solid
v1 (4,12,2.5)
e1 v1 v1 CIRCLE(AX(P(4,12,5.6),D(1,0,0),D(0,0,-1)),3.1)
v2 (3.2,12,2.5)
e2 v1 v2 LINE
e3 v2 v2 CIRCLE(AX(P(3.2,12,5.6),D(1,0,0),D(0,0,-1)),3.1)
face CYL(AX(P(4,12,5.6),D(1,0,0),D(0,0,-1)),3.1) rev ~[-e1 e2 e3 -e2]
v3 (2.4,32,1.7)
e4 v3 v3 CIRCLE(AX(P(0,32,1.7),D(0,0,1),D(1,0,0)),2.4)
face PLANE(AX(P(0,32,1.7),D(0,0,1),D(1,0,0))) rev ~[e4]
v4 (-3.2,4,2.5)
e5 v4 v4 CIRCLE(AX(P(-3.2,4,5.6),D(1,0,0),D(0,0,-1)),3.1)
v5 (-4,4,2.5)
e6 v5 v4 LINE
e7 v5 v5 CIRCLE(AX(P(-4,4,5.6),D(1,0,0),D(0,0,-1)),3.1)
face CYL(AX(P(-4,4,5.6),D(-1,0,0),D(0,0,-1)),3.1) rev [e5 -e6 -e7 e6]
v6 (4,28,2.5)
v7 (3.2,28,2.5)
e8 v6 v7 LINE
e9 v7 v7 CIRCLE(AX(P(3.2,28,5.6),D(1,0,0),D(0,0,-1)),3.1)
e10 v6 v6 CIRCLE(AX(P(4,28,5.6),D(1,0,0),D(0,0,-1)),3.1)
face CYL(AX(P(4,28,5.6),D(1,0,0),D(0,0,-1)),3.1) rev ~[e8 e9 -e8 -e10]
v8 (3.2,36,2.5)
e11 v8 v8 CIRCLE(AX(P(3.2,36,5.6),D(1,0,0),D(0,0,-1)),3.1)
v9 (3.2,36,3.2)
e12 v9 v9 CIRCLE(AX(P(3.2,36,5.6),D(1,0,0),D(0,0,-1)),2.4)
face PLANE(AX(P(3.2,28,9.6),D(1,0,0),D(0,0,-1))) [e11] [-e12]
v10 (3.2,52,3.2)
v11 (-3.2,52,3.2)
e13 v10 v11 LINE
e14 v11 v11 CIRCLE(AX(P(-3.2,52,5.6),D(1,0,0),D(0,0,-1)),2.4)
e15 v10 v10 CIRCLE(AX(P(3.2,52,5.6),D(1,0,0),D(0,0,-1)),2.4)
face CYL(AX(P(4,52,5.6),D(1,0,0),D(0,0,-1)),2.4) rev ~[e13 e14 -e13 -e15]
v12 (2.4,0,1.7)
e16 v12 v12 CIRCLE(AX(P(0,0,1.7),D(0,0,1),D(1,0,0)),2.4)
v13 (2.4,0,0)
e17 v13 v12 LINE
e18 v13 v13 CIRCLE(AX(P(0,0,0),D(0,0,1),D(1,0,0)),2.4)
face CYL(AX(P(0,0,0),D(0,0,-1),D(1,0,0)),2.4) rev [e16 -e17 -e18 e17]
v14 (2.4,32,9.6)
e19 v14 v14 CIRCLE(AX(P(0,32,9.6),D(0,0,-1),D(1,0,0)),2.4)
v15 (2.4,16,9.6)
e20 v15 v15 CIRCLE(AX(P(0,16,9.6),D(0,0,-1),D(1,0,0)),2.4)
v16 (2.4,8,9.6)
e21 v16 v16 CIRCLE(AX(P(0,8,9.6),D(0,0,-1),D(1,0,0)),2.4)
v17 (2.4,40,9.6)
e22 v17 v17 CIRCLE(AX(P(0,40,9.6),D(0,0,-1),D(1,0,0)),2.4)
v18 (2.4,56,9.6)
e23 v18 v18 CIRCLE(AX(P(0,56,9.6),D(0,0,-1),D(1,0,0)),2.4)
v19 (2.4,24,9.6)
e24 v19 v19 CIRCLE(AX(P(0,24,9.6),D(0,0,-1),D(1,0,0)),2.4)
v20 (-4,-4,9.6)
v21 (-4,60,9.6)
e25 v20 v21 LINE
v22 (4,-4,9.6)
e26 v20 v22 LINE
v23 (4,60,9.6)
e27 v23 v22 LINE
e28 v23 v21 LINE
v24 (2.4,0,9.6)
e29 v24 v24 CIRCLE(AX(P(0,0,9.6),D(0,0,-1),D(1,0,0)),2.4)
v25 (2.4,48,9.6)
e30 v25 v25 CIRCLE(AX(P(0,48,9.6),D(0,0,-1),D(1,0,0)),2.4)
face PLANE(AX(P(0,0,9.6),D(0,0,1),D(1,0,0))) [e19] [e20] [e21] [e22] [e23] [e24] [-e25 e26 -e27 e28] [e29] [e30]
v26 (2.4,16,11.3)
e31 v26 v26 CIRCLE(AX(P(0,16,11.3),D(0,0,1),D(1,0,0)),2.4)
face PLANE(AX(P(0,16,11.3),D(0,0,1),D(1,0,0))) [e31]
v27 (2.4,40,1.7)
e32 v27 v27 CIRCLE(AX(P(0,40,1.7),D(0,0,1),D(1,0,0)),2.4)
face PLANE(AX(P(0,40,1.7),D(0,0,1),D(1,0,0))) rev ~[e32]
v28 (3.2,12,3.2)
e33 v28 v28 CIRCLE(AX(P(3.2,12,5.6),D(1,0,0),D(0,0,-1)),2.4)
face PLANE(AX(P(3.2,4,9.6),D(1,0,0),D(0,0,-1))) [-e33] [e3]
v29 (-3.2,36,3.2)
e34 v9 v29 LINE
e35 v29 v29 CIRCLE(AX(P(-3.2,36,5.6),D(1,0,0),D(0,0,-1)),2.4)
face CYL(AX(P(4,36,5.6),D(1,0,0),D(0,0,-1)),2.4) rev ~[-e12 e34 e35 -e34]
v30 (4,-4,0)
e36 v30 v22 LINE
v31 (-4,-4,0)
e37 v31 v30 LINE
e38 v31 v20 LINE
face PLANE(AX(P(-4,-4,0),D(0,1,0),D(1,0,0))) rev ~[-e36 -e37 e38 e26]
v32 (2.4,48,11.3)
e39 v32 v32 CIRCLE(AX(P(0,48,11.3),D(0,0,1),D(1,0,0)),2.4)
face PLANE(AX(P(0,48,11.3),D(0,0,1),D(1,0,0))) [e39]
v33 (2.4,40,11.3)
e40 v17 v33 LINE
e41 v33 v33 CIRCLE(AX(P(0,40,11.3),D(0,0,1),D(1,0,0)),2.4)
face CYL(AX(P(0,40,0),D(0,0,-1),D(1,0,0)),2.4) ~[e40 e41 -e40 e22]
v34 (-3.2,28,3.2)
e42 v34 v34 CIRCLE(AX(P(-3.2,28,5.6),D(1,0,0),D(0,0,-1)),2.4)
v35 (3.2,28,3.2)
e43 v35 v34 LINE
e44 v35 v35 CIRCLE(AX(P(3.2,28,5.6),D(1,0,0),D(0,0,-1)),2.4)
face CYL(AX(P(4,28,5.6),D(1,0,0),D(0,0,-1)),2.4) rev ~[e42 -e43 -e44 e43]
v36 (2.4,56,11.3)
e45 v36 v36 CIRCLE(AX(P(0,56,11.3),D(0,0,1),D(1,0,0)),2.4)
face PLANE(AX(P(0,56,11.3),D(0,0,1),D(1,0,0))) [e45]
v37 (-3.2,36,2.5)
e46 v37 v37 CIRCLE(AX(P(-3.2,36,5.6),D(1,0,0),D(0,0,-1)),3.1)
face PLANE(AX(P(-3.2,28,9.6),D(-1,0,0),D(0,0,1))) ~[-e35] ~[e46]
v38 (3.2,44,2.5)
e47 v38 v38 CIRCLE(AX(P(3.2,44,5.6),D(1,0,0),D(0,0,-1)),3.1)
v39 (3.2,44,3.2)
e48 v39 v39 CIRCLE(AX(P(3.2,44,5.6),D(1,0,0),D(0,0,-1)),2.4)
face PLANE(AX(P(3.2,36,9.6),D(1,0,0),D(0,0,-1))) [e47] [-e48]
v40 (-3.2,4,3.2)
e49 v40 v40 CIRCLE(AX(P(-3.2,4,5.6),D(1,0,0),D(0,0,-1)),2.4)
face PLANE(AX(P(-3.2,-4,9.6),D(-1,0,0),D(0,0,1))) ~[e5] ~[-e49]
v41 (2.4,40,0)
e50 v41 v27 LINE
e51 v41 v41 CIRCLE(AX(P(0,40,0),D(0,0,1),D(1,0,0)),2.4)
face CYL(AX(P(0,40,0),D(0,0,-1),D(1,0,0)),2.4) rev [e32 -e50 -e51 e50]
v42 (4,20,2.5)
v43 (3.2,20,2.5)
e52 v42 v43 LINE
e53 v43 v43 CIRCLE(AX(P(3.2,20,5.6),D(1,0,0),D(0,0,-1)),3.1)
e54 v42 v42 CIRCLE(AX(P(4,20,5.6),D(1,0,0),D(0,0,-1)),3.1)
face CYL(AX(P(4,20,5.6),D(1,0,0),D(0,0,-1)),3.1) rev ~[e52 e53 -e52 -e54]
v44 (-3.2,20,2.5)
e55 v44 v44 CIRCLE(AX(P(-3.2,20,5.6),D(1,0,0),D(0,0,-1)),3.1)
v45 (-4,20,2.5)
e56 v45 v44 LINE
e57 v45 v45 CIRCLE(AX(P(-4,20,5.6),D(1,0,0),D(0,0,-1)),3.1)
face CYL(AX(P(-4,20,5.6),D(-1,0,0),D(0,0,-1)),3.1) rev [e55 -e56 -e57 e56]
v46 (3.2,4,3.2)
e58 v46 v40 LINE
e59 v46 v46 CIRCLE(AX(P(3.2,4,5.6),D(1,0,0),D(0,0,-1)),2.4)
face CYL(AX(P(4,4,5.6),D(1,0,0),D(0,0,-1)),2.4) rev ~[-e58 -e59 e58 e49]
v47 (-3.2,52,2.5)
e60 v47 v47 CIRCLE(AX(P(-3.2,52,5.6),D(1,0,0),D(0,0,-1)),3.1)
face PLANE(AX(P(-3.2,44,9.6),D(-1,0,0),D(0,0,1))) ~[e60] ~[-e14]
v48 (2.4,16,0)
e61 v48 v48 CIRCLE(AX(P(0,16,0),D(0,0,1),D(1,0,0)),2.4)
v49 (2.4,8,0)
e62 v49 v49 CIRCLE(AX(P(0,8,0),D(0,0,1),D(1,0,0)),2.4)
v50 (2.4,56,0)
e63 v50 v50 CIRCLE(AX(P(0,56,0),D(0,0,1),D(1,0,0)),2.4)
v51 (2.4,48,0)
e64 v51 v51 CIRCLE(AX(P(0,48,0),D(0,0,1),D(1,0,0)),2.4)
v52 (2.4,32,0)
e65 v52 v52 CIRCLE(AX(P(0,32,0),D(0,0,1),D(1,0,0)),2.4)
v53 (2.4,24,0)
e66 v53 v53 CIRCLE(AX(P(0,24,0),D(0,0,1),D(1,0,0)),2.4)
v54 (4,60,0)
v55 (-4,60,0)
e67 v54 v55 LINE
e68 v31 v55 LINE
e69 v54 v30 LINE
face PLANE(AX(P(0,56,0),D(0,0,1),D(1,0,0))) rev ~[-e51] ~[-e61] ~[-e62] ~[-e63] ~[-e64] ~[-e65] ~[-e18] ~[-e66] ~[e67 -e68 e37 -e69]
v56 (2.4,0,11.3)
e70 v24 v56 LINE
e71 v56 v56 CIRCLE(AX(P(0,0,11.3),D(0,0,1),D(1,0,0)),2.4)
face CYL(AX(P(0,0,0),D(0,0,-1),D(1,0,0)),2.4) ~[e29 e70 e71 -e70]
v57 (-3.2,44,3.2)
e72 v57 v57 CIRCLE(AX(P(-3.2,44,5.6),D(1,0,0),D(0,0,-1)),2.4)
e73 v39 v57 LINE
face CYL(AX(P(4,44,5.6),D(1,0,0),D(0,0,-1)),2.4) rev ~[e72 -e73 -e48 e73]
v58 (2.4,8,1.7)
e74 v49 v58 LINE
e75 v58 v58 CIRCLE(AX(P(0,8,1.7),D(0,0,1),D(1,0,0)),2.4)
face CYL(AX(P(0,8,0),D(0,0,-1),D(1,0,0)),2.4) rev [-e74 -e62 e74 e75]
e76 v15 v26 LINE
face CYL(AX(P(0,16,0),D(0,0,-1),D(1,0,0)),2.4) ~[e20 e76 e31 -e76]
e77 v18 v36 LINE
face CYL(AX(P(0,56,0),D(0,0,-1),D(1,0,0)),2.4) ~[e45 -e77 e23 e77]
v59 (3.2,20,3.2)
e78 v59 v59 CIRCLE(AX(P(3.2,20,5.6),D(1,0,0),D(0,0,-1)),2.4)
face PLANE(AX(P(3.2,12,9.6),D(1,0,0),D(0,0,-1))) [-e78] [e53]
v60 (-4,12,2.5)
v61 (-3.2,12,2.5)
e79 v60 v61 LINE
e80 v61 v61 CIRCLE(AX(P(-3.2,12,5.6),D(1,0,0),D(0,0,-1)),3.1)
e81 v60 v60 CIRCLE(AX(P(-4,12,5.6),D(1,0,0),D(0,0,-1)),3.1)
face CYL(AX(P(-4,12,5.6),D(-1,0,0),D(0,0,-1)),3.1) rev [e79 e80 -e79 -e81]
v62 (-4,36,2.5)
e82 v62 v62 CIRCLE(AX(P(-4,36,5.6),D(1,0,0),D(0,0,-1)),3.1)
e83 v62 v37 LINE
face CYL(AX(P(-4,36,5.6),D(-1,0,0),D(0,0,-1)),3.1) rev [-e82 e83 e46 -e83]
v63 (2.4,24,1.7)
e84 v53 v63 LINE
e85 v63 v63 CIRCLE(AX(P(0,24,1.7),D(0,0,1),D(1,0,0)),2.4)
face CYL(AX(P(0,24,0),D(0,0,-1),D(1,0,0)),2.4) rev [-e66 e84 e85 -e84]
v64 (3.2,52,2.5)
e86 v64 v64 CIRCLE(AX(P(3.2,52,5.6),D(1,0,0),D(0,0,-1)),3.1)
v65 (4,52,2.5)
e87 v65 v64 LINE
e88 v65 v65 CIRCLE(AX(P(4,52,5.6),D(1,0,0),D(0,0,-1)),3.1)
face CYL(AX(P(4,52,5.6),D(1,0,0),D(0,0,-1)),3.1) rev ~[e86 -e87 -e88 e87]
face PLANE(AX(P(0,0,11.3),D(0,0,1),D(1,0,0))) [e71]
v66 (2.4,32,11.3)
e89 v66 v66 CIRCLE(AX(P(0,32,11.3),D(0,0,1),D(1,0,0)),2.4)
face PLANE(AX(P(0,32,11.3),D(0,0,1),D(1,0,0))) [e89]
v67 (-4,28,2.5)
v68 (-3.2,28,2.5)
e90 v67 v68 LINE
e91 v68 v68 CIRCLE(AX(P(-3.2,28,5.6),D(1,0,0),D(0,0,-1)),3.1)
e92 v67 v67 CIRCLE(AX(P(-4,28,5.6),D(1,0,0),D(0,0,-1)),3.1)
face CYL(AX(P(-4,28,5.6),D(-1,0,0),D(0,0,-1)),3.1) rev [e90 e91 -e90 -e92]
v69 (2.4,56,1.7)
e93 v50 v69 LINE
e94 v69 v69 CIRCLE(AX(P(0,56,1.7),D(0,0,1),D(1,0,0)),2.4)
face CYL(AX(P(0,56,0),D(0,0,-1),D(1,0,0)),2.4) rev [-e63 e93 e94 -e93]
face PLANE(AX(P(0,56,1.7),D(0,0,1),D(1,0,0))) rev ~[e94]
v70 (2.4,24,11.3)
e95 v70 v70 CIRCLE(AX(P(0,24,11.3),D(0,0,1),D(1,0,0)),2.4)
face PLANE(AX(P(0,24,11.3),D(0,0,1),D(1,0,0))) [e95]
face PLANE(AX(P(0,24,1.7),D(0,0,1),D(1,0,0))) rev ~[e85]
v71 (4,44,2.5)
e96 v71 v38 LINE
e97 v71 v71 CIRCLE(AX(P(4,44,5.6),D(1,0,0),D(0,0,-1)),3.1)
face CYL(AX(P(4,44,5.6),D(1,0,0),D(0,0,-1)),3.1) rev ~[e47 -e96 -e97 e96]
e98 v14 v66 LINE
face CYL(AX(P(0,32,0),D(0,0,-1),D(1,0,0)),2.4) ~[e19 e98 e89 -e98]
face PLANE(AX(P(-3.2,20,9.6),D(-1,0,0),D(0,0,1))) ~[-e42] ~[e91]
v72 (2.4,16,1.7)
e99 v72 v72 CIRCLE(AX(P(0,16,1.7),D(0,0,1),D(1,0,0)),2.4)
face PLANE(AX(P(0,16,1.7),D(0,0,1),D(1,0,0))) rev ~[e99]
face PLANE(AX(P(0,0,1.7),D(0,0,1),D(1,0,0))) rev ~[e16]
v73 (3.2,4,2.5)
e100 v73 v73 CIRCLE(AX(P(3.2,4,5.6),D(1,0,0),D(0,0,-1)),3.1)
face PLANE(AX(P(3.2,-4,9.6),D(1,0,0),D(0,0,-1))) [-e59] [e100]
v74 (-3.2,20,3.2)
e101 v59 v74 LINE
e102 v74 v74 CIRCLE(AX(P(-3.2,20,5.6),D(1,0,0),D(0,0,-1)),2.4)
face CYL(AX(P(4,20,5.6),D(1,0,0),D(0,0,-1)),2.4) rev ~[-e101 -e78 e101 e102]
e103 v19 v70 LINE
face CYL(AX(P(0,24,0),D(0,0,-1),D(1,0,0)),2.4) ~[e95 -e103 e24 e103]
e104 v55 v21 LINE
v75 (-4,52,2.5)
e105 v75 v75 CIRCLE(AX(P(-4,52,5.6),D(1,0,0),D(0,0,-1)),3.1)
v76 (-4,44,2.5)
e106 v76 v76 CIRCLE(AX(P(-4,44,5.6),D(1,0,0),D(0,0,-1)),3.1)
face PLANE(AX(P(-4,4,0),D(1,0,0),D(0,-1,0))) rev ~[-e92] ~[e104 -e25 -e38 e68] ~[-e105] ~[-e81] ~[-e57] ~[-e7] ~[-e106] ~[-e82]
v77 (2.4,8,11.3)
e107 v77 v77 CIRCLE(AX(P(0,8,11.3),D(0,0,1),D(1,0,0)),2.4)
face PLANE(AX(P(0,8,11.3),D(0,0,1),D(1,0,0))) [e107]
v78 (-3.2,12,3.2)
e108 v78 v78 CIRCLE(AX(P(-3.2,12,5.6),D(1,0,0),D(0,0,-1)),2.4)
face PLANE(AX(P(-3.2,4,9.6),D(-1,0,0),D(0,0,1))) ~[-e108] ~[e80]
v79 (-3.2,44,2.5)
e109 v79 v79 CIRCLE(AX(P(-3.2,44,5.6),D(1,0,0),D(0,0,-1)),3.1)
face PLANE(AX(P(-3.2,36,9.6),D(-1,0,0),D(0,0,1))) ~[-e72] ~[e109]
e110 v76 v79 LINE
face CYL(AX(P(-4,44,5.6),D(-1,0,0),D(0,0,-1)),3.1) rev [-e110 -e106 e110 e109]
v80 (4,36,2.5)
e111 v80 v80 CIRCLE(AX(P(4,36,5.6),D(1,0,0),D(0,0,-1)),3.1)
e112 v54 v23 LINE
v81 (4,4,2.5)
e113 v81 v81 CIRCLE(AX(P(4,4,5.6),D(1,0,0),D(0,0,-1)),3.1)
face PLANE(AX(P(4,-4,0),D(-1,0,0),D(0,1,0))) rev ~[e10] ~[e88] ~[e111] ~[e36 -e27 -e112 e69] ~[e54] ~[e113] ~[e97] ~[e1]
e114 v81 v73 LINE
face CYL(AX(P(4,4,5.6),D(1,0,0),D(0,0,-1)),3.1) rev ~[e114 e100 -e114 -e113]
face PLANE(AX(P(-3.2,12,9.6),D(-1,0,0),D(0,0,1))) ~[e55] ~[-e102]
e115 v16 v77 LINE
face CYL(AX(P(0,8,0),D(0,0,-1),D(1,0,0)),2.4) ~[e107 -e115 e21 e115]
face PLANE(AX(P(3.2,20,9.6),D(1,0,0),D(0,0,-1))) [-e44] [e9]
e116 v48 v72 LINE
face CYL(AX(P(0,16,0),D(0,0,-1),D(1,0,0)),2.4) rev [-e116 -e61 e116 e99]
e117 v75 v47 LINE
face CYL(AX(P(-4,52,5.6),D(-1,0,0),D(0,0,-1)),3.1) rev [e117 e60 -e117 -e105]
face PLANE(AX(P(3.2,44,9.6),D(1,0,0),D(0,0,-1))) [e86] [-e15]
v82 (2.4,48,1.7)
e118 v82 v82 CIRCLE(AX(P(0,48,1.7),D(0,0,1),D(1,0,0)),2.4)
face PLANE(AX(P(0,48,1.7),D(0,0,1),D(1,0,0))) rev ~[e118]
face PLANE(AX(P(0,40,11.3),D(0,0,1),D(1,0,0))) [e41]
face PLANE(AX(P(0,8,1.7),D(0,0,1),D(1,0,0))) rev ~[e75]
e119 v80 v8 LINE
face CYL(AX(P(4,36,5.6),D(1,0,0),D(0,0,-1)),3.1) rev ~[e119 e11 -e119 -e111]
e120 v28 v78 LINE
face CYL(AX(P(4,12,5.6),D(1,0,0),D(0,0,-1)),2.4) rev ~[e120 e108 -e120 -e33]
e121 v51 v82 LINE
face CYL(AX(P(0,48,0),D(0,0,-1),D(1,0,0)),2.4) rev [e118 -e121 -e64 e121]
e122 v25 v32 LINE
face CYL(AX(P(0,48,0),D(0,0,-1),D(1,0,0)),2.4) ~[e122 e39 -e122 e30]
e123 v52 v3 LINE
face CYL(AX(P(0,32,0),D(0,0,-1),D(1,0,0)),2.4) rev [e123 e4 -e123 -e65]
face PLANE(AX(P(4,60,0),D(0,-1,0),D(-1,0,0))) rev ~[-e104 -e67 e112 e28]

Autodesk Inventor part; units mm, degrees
ref_plane "YZ Plane" through (0, 0, 0) normal (1, 0, 0) x (0, 1, 0)
ref_plane "XZ Plane" through (0, 0, 0) normal (0, 1, 0) x (-1, 0, 0)
sketch "Sketch1" plane through (0, 0, 0) normal (0, 0, 1) x (1, 0, 0)
  line L0 (-4, -4) -> (4, -4)
  line L1 (4, -4) -> (4, 4)
  line L2 (4, 4) -> (-4, 4)
  line L3 (-4, 4) -> (-4, -4)
  line L4 (-4, -4) -> (4, 4) construction
  line L5 (4, -4) -> (-4, 4) construction
  circle A0 centre (0, 0) radius 2.4
  dimension "d0" = 8
  dimension "d1" = 8
  dimension "d2" = 4.8
extrude "Extrusion1" add sketch "Sketch1" along normal blind 9.6 contours L3 L2 L1 L0 | A0
extrude "Extrusion2" add sketch "Sketch1" along normal blind 11.3 contours A0
extrude "Extrusion3" cut sketch "Sketch1" along normal blind 1.7 contours A0
pattern_linear "Rectangular Pattern1" count 8 spacing 8 along (0, 1, 0) of "Extrusion1", "Extrusion2", "Extrusion3"
sketch "Sketch2" plane through (4, -4, 9.6) normal (1, 0, 0) x (0, 0, -1)
  circle A0 centre (4, 8) radius 2.4
  circle A1 centre (4, 8) radius 3.1
  line L0 (9.6, 0) -> (9.6, 64) projected
  line L1 (9.6, 0) -> (0, 0) projected
  point P0 (9.6, 4)
  dimension "d12" = 4.8
  dimension "d14" = 6.2
  dimension "d22" = 8
  dimension "d23" = 5.6
ref_plane "Work Plane1" through (0, -4, 9.6) normal (1, 0, 0) x (0, 0, -1)
extrude "Extrusion4" cut sketch "Sketch2" against normal up to next contours A0
extrude "Extrusion5" cut sketch "Sketch2" against normal blind 0.8
mirror "Mirror1" about plane through (0, -4, 9.6) normal (1, 0, 0) of "Extrusion5"
pattern_linear "Rectangular Pattern2" count 7 spacing 8 along (0, 1, 0) of "Extrusion4", "Extrusion5", "Mirror1"
equation "\"d11\" = d0"
equation "\"d21\" = d0"
properties part number "LEGO Technic Brick 1x8 with Holes"
